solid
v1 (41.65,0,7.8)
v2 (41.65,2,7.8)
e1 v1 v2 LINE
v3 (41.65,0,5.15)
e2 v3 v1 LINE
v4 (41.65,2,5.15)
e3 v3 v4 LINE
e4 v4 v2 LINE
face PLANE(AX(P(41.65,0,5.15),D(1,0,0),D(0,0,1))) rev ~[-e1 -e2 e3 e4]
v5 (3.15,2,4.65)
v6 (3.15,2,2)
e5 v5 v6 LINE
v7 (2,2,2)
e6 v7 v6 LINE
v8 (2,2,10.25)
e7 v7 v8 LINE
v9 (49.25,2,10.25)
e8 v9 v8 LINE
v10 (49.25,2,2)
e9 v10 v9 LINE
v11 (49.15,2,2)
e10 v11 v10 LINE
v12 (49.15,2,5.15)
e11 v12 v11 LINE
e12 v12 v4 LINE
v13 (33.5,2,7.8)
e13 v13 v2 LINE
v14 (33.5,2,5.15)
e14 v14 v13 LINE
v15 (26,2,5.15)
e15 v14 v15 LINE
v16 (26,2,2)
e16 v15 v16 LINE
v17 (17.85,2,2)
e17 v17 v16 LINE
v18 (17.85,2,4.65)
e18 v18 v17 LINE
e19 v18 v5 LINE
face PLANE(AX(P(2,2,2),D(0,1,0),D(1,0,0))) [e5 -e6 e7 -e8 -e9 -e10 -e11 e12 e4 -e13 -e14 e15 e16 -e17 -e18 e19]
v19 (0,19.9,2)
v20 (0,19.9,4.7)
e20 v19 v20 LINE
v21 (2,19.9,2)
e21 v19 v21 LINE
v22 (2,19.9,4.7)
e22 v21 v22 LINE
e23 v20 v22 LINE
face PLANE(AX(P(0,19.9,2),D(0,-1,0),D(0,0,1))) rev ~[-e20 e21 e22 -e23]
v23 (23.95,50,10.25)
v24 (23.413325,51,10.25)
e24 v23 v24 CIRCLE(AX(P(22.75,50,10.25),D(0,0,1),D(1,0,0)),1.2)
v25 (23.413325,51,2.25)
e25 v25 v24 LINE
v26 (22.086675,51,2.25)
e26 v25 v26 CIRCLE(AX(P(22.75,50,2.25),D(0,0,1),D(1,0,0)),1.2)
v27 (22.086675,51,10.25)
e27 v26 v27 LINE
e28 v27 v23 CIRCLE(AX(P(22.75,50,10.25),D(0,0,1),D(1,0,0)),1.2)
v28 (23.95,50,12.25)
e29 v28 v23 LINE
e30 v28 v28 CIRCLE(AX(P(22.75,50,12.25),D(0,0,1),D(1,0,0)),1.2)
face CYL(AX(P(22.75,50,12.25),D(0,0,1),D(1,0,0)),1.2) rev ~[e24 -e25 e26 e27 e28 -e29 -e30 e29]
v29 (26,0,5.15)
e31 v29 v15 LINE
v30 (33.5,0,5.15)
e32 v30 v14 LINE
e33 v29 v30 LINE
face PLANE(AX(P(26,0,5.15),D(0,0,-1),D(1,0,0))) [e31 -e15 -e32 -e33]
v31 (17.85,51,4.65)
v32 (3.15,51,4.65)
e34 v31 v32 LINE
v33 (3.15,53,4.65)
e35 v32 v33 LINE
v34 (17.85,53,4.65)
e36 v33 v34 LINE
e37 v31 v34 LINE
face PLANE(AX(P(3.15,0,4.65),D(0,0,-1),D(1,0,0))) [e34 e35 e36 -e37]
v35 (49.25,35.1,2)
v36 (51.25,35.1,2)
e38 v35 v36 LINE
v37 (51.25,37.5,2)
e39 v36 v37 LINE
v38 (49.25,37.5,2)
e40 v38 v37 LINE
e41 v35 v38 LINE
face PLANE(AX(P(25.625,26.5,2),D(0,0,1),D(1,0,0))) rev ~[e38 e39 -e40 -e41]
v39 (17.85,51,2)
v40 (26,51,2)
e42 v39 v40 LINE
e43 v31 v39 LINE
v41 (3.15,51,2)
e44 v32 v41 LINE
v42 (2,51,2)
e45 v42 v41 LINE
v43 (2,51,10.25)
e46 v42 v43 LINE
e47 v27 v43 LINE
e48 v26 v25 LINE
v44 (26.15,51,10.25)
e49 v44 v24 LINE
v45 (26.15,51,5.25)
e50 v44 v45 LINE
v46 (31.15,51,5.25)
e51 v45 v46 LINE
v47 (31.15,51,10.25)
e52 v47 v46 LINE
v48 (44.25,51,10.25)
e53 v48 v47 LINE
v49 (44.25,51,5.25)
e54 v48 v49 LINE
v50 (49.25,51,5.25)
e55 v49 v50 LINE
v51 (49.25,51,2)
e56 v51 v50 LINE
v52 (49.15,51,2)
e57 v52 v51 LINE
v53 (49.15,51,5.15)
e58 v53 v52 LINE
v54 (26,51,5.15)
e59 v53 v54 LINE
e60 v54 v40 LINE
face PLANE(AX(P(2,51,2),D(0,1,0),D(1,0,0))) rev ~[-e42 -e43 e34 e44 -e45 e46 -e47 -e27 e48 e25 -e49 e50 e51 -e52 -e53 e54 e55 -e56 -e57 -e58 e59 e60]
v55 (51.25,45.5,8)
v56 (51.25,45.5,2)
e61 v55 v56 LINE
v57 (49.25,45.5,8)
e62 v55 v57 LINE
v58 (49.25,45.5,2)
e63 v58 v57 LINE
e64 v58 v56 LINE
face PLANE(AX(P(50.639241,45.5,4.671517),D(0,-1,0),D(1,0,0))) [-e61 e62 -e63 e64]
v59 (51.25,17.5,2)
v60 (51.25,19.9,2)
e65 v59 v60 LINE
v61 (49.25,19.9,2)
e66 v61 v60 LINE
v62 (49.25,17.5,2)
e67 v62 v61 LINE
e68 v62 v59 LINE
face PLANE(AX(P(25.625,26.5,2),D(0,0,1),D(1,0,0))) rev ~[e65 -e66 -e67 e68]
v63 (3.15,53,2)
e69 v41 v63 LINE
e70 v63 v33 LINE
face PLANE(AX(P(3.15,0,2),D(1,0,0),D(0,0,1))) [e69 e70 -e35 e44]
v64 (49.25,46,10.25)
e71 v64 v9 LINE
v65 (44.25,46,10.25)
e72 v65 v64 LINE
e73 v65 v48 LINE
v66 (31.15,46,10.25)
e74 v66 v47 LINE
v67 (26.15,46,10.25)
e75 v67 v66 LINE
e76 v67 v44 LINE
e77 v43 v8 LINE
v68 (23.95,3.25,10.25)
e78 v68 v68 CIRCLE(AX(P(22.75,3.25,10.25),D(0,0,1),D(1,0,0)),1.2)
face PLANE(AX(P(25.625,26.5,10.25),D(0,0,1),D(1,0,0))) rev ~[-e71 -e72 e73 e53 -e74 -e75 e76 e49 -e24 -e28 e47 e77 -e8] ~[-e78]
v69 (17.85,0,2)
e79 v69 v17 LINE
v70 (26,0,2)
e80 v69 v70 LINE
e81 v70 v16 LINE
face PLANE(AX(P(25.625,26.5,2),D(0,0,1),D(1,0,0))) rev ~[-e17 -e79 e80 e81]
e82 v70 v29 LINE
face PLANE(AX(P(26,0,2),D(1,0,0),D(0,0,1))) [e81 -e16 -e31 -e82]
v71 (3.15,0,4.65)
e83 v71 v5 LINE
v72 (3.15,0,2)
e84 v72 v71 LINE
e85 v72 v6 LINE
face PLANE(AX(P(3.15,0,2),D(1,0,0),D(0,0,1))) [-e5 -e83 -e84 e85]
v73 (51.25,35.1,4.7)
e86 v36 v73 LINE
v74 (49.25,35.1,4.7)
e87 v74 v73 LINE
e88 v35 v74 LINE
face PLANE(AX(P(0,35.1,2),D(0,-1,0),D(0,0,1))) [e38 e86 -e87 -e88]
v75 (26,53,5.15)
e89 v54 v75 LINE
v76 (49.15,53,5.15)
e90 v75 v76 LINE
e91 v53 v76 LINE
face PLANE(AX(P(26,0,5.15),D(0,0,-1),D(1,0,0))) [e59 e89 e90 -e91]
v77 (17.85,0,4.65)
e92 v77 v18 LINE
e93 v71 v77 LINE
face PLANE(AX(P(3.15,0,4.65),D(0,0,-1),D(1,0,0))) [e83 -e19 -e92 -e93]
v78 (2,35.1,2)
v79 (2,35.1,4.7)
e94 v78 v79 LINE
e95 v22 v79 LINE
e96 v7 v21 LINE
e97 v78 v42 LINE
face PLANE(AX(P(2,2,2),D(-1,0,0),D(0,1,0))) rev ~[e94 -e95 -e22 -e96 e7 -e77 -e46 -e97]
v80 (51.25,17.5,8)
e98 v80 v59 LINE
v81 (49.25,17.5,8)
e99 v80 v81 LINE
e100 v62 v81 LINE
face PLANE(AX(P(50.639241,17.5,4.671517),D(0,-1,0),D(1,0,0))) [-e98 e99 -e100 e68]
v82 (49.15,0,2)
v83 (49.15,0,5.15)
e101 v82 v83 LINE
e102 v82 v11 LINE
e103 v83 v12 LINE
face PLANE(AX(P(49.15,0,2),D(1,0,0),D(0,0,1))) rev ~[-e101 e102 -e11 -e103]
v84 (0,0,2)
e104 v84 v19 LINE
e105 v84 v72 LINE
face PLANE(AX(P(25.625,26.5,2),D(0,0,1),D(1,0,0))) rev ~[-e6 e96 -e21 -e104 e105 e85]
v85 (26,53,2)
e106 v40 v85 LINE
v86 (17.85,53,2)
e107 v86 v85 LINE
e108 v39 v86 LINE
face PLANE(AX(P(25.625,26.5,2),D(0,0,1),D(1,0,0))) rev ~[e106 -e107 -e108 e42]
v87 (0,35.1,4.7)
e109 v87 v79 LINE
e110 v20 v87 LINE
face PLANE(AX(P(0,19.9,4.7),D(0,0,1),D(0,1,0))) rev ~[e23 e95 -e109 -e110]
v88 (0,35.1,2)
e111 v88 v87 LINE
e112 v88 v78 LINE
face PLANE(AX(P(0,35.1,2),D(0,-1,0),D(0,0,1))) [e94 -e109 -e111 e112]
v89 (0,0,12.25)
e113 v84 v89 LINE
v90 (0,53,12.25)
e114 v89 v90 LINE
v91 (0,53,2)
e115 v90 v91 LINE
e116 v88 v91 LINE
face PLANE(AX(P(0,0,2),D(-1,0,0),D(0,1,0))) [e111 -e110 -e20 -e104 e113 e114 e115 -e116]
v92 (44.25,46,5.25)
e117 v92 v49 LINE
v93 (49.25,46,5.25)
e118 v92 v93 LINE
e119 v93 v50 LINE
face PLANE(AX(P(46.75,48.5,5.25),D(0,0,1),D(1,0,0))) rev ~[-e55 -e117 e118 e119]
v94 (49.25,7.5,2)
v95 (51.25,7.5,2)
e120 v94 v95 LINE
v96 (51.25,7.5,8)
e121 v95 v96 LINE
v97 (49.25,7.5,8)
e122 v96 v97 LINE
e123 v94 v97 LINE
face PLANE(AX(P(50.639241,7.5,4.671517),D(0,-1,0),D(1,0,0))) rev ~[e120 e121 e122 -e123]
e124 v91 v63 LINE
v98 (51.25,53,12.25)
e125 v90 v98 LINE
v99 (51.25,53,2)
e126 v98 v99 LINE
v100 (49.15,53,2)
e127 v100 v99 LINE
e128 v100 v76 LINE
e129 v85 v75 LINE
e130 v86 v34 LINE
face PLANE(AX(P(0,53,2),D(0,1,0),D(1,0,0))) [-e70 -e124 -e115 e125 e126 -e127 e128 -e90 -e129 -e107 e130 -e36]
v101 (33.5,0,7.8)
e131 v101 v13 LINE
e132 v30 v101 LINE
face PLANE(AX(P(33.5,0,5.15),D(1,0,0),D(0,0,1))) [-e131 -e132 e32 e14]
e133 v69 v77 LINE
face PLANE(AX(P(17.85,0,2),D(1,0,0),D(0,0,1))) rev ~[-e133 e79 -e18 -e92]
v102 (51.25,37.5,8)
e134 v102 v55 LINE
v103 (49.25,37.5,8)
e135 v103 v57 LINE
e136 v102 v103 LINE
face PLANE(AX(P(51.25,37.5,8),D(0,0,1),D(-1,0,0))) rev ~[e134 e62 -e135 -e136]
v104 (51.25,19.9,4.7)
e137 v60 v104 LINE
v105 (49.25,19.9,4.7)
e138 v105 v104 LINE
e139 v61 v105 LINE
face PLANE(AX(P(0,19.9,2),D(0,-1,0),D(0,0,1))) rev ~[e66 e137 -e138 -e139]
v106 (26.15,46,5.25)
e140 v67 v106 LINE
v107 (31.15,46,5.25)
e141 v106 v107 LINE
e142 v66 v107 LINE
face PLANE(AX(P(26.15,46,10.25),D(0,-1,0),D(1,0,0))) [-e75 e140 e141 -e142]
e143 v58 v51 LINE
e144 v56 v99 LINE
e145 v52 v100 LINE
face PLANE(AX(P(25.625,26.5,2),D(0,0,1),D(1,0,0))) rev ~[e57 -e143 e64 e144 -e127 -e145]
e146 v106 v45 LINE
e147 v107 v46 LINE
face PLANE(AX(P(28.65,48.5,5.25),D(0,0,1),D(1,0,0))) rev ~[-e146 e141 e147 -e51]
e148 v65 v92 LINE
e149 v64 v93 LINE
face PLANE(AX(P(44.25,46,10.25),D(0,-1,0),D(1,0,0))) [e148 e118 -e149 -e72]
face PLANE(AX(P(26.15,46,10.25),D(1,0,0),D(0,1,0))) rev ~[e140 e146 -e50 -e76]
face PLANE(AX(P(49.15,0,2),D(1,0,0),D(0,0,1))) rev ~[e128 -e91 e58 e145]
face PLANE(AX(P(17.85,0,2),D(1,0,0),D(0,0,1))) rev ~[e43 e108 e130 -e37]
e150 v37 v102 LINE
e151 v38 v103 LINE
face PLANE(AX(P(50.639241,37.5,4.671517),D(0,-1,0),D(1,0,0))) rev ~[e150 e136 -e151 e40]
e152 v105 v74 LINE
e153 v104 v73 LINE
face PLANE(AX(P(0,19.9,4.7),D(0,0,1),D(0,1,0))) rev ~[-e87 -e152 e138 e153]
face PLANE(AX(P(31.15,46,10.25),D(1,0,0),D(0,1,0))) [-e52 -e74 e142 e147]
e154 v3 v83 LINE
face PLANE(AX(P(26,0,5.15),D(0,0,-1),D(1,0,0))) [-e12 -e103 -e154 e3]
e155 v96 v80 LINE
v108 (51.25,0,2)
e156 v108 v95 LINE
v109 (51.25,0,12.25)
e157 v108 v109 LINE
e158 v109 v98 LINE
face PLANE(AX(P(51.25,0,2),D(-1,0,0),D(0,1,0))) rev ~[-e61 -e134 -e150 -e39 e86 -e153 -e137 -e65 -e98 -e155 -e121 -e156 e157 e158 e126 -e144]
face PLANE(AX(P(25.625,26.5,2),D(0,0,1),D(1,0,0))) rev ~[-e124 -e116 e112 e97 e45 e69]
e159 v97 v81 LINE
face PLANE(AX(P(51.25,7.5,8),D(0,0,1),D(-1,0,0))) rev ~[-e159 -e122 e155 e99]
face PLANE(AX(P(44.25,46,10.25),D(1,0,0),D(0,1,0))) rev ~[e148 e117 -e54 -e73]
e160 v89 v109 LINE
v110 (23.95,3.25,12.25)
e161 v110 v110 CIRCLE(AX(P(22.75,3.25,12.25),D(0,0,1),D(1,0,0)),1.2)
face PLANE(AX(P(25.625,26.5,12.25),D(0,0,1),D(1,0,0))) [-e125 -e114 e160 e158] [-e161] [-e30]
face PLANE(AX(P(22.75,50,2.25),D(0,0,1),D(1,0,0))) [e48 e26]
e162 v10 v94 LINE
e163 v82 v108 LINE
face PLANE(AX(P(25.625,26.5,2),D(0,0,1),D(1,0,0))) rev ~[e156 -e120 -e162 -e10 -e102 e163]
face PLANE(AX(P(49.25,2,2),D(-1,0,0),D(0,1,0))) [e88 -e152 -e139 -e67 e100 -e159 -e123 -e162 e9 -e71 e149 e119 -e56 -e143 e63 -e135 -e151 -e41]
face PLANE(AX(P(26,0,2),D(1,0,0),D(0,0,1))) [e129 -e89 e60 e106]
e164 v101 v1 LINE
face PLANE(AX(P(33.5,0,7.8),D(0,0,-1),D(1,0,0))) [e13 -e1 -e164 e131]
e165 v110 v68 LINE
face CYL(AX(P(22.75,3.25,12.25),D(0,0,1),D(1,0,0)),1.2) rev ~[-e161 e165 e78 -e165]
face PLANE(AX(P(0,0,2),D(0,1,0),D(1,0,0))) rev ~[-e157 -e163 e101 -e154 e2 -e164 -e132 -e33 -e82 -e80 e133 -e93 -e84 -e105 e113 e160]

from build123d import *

# Parameters (mm, degrees)
EXTRUDE024_DEPTH = 8
EXTRUDE023_DEPTH = 10
SKETCH017_W      = 8.15
SKETCH017_H      = 2.65
EXTRUDE013_DEPTH = 2
SKETCH016_R      = 1.2
EXTRUDE012_DEPTH = 10
SKETCH010_W      = 14.7
SKETCH010_H      = 2.65
SKETCH010_W_2    = 23.15
SKETCH010_H_2    = 3.15
EXTRUDE006_DEPTH = 53
SKETCH011_W      = 15.2
SKETCH011_H      = 2.7
EXTRUDE007_DEPTH = 51.25
SKETCH009_W      = 51.25
SKETCH009_H      = 53
SKETCH009_W_2    = 47.25
SKETCH009_H_2    = 49
EXTRUDE004_DEPTH = 10
SKETCH008_W      = 51.25
SKETCH008_H      = 53
EXTRUDE003_DEPTH = 2
SKETCH028_W      = 5
SKETCH028_H      = 5
EXTRUDE025_DEPTH = 5


with BuildPart() as cuts003:
    # Sketch027 → Extrude024 (new body)
    with BuildSketch(Plane.XZ):
        with BuildLine():
            Line((49.15, 2), (53.120454, 2))
            ThreePointArc((53.120454, 2), (52.24615, 3.831644), (51.25, 5.59998))
            Line((51.25, 8), (51.25, 5.59998))
            Line((51.25, 8), (49.15, 8))
            Line((49.15, 8), (49.15, 2))
        make_face()
    extrude(amount=-EXTRUDE024_DEPTH)


with BuildPart() as cuts003_1:
    # Extrude024 placement: moved
    add(cuts003.part.moved(Location((0, 37.5, 0))))


with BuildPart() as topcut001:
    # Sketch026 → Extrude023 (new body)
    with BuildSketch(Plane.XZ):
        with BuildLine():
            Line((49.15, 2), (53.120454, 2))
            ThreePointArc((53.120454, 2), (52.24615, 3.831644), (51.25, 5.59998))
            Line((51.25, 8), (51.25, 5.59998))
            Line((51.25, 8), (49.15, 8))
            Line((49.15, 8), (49.15, 2))
        make_face()
    extrude(amount=-EXTRUDE023_DEPTH)


with BuildPart() as topcut001_1:
    # Extrude023 placement: moved
    add(topcut001.part.moved(Location((0, 7.5, 0))))

    # Fusion005: union cuts003
    add(cuts003_1.part)


with BuildPart() as extrude013:
    # Sketch017 → Extrude013 (new body)
    with BuildSketch(Plane.XZ):
        with Locations((37.575, 6.475)):
            Rectangle(SKETCH017_W, SKETCH017_H)
    extrude(amount=-EXTRUDE013_DEPTH)


with BuildPart() as topcut:
    # Sketch016 → Extrude012 (new body)
    with BuildSketch(Plane.XY):
        with Locations((22.75, 50)):
            Circle(SKETCH016_R)
        with Locations((22.75, 3.25)):
            Circle(SKETCH016_R)
    extrude(amount=-EXTRUDE012_DEPTH)


with BuildPart() as topcut_1:
    # Extrude012 placement: moved
    add(topcut.part.moved(Location((0, 0, 12.25))))


with BuildPart() as topcuts:
    # Sketch010 → Extrude006 (new body)
    with BuildSketch(Plane.XZ):
        with Locations((10.5, 3.325)):
            Rectangle(SKETCH010_W, SKETCH010_H)
        with Locations((37.575, 3.575)):
            Rectangle(SKETCH010_W_2, SKETCH010_H_2)
    extrude(amount=-EXTRUDE006_DEPTH)


with BuildPart() as fusion001:
    # Sketch011 → Extrude007 (new body)
    with BuildSketch(Plane.YZ):
        with Locations((27.5, 3.35)):
            Rectangle(SKETCH011_W, SKETCH011_H)
    extrude(amount=EXTRUDE007_DEPTH)

    # Fusion001: union topCuts
    add(topcuts.part)


with BuildPart() as top:
    # Sketch009 → Extrude004 (new body)
    with BuildSketch(Plane.XY):
        with Locations((25.625, 26.5)):
            Rectangle(SKETCH009_W, SKETCH009_H)
        with Locations((25.625, 26.5)):
            Rectangle(SKETCH009_W_2, SKETCH009_H_2, mode=Mode.SUBTRACT)
    extrude(amount=EXTRUDE004_DEPTH)


with BuildPart() as top_1:
    # Extrude004 placement: moved
    add(top.part.moved(Location((0, 0, 2))))


with BuildPart() as top005:
    # Sketch008 → Extrude003 (new body)
    with BuildSketch(Plane.XY):
        with Locations((25.625, 26.5)):
            Rectangle(SKETCH008_W, SKETCH008_H)
    extrude(amount=EXTRUDE003_DEPTH)


with BuildPart() as top005_1:
    # Extrude003 placement: moved
    add(top005.part.moved(Location((0, 0, 10.25))))

    # Fusion: union top
    add(top_1.part)

    # Cut001: cut Fusion001
    add(fusion001.part, mode=Mode.SUBTRACT)

    # Cut003: cut topCut
    add(topcut_1.part, mode=Mode.SUBTRACT)

    # Cut005: cut Extrude013
    add(extrude013.part, mode=Mode.SUBTRACT)


with BuildPart() as top008:
    # Sketch028 → Extrude025 (new body)
    with BuildSketch(Plane.XY.offset(10.25)):
        with Locations((28.65, 48.5)):
            Rectangle(SKETCH028_W, SKETCH028_H)
        with Locations((46.75, 48.5)):
            Rectangle(SKETCH028_W, SKETCH028_H)
    extrude(amount=-EXTRUDE025_DEPTH)

    # Fusion006: union top005
    add(top005_1.part)

    # Cut: cut topCut001
    add(topcut001_1.part, mode=Mode.SUBTRACT)


solid = top008.part
